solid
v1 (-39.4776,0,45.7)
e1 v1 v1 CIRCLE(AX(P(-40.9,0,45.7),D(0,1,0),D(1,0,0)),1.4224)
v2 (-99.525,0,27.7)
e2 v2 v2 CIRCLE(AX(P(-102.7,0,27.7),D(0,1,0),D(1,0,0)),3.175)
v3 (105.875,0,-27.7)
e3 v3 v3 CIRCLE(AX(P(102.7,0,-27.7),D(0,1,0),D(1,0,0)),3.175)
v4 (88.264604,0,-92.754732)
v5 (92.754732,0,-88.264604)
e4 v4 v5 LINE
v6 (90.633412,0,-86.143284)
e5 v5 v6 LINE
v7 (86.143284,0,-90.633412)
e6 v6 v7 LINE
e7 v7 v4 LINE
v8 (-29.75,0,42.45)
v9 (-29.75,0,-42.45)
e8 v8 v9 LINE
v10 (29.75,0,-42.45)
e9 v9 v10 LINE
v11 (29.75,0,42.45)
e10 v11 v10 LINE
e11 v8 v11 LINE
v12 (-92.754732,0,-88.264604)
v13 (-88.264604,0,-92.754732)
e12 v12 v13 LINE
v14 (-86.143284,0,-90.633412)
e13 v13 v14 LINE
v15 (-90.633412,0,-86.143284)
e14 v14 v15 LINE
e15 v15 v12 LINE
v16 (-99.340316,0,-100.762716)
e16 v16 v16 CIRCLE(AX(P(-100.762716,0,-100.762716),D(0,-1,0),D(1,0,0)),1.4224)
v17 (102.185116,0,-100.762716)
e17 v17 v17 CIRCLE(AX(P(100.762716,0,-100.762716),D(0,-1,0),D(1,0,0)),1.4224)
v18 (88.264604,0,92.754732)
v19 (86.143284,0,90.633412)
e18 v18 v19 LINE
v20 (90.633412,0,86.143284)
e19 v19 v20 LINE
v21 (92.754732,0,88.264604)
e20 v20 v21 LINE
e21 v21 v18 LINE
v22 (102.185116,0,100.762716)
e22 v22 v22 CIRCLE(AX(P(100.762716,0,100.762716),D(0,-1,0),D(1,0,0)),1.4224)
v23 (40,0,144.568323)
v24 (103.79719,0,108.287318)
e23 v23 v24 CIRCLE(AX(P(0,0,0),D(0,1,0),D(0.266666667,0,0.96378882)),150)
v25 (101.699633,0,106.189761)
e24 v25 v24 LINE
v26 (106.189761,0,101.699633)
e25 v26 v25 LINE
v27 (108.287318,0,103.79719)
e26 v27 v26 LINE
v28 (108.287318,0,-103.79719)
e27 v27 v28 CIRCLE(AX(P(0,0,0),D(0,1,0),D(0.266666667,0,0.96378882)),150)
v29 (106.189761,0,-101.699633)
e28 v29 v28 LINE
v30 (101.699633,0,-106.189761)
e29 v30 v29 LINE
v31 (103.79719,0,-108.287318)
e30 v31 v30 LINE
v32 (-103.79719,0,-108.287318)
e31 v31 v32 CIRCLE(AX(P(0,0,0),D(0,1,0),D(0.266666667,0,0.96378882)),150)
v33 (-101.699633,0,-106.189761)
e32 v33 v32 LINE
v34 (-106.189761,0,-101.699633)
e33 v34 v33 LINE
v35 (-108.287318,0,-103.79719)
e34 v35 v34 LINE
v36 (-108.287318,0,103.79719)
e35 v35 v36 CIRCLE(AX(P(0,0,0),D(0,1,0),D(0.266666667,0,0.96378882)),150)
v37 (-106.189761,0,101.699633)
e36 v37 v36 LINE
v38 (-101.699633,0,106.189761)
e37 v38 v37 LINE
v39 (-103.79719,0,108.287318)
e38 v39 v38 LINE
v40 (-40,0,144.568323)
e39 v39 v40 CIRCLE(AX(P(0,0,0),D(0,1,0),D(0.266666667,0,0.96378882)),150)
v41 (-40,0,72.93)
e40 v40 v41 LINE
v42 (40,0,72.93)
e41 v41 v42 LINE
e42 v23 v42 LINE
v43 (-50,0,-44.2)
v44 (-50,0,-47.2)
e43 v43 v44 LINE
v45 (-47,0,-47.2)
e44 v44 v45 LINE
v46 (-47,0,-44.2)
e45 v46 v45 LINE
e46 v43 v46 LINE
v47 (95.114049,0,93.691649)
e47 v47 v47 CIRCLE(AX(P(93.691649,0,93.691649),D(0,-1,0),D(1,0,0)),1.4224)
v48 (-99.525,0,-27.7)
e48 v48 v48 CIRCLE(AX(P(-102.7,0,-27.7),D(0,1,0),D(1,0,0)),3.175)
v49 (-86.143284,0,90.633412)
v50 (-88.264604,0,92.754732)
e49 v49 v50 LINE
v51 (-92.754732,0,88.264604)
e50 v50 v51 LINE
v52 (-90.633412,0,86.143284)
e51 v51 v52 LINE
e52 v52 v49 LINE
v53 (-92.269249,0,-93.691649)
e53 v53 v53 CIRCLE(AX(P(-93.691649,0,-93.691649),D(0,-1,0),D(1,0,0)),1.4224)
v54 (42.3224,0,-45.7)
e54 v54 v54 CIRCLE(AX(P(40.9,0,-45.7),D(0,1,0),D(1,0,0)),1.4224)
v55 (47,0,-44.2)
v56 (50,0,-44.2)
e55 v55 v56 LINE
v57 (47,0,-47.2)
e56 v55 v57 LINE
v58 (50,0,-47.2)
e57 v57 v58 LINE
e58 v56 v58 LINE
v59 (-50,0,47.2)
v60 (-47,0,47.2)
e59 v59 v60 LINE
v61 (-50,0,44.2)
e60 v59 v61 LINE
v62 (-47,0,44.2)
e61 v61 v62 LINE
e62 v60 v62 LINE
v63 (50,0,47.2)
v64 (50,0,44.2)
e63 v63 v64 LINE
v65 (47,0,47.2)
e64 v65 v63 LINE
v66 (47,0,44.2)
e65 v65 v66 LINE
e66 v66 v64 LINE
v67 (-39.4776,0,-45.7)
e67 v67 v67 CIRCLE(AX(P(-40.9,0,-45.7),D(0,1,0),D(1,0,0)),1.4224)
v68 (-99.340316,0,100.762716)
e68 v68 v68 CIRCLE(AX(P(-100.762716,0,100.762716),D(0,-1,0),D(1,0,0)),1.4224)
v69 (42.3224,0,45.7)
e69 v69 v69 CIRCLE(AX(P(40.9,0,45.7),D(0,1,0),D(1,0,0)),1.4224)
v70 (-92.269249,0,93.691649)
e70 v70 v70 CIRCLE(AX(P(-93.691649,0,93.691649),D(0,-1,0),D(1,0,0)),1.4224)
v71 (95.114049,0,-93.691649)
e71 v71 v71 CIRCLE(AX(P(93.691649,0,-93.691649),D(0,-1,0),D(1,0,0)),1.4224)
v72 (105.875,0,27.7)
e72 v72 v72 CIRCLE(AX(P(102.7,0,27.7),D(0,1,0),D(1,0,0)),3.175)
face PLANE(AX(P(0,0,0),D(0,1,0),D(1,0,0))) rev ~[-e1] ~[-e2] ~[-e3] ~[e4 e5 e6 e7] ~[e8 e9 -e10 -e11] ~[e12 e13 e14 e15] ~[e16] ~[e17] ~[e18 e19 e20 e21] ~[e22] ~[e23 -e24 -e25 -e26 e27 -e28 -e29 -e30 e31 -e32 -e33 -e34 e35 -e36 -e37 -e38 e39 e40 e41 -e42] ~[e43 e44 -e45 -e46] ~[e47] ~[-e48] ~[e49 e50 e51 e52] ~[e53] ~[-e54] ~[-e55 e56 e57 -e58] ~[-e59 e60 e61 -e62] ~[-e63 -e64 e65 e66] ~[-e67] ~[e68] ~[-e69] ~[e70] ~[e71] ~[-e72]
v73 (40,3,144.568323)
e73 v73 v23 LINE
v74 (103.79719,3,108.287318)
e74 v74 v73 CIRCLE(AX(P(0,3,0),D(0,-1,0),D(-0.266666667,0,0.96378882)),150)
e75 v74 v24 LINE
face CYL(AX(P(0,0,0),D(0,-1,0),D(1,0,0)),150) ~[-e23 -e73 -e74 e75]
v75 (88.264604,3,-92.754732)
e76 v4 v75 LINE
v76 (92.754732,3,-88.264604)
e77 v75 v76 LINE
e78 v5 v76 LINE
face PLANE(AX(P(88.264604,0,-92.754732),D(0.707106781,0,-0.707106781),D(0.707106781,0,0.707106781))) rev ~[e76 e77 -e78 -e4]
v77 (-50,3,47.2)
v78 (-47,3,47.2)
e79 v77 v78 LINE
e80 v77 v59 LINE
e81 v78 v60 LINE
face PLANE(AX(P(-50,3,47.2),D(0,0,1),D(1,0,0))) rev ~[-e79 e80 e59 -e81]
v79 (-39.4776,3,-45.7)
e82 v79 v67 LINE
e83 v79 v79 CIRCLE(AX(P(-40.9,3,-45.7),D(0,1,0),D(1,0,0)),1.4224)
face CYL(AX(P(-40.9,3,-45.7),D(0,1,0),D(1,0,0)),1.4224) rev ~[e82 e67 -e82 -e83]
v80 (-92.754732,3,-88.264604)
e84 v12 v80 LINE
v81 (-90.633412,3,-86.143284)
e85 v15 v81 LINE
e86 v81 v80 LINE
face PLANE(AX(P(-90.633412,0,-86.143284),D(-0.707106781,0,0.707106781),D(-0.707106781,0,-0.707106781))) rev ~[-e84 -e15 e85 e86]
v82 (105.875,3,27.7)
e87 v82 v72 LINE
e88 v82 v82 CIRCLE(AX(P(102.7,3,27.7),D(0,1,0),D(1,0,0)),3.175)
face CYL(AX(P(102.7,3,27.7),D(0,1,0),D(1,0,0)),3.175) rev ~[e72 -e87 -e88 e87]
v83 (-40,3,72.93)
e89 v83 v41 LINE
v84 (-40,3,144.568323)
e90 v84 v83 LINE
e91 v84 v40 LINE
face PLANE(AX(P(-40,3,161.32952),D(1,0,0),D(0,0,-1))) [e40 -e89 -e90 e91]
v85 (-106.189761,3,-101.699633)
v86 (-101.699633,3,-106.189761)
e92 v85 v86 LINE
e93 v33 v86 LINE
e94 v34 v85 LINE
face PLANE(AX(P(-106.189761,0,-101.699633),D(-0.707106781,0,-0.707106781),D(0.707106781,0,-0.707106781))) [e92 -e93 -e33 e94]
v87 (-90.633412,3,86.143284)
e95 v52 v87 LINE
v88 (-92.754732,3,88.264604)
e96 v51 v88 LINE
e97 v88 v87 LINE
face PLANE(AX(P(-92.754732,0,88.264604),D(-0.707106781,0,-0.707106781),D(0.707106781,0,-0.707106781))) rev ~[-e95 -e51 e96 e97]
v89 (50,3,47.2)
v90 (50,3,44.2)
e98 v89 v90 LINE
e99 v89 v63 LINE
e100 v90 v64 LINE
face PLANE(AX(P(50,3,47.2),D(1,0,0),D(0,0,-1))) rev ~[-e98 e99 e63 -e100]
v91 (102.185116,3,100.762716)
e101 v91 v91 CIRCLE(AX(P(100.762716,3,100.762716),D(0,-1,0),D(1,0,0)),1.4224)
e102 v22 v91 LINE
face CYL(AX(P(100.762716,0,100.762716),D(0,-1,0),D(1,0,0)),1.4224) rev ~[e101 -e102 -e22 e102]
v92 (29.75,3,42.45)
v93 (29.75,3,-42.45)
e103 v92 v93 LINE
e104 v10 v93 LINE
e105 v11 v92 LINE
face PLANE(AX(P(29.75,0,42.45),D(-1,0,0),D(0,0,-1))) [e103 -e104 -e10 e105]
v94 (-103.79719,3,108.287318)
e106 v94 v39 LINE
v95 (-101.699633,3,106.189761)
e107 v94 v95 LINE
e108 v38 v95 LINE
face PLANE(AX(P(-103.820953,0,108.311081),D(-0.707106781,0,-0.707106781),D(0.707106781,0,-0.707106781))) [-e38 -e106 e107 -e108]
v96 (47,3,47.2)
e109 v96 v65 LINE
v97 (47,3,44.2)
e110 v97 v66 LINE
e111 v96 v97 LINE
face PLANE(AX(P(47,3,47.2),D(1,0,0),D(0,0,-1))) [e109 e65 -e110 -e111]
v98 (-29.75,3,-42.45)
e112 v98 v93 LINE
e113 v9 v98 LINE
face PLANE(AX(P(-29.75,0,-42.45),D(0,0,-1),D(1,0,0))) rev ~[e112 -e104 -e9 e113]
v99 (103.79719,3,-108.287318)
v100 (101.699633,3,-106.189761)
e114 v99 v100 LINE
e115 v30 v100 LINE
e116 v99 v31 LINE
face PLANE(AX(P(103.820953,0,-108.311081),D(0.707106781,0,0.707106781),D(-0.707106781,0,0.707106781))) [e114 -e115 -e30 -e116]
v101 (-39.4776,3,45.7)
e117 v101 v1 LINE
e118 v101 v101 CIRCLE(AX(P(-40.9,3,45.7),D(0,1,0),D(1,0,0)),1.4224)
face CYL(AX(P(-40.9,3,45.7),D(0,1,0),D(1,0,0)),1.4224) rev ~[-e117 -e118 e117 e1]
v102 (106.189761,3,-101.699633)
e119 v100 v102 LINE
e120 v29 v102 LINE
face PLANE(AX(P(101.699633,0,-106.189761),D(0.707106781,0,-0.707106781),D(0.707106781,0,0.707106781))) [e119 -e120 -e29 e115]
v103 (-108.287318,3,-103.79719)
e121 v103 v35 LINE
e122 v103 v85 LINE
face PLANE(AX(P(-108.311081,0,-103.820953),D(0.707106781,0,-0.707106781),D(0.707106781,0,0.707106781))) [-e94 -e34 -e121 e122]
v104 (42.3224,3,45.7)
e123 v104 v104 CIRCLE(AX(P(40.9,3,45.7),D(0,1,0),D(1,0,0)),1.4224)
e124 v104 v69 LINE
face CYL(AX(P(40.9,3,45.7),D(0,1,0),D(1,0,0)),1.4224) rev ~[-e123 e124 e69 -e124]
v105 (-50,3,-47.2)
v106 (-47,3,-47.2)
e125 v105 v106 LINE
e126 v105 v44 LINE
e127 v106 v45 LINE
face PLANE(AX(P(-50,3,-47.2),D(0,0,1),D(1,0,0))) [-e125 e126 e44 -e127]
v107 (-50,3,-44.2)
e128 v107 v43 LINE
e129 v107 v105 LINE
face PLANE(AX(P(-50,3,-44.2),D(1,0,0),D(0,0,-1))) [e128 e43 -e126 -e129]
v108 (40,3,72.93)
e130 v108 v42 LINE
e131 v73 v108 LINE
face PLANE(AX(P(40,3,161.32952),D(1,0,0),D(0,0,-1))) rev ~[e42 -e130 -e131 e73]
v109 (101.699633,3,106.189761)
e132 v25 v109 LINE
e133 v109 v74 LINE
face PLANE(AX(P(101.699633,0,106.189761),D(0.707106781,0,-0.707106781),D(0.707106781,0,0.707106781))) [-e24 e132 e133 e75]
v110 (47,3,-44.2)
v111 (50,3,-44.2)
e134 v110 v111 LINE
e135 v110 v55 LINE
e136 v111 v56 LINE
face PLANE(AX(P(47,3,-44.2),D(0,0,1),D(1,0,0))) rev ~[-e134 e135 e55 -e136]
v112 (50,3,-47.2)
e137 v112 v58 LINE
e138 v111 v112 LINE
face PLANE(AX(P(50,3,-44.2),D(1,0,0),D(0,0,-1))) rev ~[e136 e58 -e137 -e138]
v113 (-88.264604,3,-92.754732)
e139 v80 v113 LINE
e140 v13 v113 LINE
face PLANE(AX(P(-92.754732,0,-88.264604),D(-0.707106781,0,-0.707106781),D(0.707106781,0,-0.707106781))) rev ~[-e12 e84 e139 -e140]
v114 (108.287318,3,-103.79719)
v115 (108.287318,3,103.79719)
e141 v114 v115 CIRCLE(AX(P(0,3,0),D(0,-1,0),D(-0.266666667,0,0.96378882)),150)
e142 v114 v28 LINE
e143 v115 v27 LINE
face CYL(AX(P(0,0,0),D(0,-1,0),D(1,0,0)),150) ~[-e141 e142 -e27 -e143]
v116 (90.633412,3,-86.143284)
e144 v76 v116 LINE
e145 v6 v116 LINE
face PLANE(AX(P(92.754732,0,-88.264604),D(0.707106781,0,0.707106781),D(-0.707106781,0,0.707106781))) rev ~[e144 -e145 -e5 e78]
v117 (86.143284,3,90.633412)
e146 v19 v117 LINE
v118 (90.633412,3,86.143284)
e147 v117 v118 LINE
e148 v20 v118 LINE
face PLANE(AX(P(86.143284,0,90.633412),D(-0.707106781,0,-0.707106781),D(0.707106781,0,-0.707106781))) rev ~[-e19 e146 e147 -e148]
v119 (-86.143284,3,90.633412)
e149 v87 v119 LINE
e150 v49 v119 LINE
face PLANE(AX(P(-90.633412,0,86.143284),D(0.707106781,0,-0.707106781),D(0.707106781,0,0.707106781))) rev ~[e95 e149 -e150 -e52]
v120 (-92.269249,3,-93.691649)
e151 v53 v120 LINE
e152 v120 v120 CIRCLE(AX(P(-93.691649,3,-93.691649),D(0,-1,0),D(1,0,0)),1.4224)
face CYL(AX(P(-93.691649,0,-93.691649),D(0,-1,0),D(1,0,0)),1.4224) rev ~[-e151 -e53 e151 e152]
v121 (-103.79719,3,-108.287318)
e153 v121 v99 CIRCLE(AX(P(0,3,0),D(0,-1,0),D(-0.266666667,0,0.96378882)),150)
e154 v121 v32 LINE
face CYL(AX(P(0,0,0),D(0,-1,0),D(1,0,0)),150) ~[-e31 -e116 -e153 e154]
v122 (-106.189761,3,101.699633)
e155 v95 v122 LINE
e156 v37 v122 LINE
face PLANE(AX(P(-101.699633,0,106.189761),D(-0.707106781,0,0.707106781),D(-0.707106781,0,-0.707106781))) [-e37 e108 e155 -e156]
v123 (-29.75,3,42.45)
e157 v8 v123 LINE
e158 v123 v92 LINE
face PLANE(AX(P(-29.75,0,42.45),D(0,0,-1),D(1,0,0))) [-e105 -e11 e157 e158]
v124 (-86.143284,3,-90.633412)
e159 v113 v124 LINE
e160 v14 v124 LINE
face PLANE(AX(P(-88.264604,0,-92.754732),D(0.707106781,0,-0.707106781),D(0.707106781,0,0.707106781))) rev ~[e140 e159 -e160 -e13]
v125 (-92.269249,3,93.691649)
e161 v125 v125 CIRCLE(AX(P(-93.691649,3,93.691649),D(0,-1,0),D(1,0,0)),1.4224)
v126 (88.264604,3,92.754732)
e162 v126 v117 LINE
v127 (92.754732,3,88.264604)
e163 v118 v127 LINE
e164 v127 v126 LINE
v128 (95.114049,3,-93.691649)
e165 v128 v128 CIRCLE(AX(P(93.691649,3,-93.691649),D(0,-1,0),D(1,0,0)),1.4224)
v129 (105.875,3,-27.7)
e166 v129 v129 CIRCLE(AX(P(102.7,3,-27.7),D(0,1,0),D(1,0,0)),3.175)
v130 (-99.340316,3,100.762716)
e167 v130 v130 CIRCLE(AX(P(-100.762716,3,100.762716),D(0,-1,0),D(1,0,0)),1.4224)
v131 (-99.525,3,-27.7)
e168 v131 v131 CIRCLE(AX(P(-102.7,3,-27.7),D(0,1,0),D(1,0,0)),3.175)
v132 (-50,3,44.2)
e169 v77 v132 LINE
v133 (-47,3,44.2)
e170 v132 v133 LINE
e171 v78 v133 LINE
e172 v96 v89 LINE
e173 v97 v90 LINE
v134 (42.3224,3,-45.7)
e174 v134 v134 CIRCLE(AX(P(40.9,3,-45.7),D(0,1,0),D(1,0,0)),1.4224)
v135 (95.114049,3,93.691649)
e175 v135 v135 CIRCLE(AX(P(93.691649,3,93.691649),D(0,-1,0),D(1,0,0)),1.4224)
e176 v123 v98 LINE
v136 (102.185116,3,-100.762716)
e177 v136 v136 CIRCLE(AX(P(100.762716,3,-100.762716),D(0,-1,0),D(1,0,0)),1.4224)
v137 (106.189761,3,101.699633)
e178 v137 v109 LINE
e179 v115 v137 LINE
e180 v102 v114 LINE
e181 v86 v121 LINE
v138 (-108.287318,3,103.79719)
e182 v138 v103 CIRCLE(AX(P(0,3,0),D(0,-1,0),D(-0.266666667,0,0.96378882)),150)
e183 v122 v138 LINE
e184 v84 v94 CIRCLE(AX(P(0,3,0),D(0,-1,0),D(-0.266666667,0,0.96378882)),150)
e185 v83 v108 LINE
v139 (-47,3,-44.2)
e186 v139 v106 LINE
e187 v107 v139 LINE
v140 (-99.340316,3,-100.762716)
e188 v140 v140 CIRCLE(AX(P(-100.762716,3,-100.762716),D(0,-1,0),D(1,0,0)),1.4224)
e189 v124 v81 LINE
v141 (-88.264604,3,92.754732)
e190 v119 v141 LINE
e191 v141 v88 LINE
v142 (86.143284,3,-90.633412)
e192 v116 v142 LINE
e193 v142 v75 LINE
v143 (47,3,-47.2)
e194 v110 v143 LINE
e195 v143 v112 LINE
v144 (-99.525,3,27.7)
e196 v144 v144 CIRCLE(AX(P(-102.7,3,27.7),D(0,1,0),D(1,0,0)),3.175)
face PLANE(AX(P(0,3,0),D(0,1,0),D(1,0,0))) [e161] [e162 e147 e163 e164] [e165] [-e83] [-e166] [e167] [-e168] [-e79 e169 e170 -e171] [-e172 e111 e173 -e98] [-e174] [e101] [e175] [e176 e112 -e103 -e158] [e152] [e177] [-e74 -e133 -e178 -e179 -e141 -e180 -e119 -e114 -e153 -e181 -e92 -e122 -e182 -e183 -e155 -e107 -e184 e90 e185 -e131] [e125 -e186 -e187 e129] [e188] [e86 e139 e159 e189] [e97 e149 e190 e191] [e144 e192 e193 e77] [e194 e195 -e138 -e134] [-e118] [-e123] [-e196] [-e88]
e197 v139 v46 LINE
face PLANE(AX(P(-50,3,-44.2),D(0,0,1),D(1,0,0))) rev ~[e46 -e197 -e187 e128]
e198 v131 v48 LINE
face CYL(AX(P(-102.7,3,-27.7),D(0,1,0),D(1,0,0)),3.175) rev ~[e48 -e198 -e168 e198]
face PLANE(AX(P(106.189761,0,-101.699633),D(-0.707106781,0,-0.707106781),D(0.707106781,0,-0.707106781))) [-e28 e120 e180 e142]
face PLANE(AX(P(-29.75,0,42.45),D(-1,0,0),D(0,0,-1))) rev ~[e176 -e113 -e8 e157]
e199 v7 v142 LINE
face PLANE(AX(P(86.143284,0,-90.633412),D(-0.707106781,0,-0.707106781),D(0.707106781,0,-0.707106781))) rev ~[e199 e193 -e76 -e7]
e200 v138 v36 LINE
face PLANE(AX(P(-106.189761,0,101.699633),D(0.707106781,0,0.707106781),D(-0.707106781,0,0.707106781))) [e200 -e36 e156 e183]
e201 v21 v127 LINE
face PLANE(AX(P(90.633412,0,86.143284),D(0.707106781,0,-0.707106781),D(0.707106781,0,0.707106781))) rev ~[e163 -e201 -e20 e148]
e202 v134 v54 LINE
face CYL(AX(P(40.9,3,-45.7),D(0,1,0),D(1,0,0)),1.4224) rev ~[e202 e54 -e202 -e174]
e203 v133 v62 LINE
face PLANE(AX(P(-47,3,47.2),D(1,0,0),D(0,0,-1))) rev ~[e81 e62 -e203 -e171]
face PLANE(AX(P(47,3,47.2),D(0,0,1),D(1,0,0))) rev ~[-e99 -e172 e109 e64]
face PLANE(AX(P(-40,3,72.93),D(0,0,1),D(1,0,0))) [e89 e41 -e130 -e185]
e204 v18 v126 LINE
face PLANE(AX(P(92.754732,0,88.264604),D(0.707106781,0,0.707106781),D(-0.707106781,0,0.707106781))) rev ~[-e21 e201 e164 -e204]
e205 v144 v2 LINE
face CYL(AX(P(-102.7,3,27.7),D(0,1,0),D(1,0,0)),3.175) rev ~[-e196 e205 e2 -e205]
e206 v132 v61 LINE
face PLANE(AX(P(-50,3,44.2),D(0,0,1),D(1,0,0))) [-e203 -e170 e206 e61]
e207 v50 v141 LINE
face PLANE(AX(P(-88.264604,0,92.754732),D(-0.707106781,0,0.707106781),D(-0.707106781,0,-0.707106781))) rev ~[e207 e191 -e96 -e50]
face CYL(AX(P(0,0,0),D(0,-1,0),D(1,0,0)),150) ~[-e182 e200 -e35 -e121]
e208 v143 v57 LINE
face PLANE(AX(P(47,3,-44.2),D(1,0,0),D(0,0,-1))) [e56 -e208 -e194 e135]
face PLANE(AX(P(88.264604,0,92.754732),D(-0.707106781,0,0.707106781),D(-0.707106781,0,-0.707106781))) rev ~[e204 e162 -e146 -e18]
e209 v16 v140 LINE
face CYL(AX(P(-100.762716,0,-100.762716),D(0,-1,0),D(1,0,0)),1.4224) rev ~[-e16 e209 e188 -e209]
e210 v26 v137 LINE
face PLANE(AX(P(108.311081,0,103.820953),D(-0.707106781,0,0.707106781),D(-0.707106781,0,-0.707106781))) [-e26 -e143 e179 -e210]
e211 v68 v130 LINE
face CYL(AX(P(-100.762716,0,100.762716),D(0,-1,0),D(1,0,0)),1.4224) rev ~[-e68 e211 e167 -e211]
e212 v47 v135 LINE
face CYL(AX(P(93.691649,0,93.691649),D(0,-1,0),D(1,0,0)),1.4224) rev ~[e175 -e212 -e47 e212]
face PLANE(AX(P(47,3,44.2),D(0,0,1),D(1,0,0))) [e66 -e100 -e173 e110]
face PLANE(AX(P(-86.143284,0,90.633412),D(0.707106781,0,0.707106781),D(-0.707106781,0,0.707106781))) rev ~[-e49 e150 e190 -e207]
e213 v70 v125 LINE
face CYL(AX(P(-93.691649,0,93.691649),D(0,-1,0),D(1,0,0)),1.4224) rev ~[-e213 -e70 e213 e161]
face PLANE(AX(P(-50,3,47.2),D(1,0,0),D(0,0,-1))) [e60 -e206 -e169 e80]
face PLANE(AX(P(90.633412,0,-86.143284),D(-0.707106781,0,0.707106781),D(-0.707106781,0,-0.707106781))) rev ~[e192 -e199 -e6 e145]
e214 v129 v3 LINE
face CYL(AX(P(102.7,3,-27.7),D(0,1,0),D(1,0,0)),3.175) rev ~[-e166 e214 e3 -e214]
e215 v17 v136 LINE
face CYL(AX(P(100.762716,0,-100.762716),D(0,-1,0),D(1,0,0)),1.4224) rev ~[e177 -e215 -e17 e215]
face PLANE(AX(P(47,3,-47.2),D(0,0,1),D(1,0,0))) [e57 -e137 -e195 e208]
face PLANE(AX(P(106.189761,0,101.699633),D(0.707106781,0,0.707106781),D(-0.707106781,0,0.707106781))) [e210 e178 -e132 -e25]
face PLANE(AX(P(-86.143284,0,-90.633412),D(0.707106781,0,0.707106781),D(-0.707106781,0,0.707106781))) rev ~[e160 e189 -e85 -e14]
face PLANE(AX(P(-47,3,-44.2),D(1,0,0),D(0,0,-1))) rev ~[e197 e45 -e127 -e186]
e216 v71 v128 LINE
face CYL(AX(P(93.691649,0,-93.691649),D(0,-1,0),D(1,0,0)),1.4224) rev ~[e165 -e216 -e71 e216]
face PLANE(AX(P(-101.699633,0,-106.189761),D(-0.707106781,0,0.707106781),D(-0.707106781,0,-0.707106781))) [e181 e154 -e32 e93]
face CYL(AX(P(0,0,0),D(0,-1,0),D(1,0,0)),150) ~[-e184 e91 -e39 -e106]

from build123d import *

# Parameters (mm, degrees)
SKETCH1_R           = 150
SKETCH1_W           = 59.5
SKETCH1_H           = 84.9
BOSS_EXTRUDE1_DEPTH = 3
SKETCH3_R           = 1.4224
SKETCH3_R_2         = 3.175
SKETCH3_W           = 3
SKETCH3_H           = 3
CUT_EXTRUDE1_DEPTH  = 10
SKETCH6_W           = 80
SKETCH6_H           = 88.399519522
CUT_EXTRUDE3_DEPTH  = 3
SKETCH8_R           = 1.4224
CUT_EXTRUDE5_DEPTH  = 3


with BuildPart() as part:
    # Sketch1 → Boss-Extrude1 (new body)
    with BuildSketch(Plane(origin=(0, 0, 0), x_dir=(1, 0, 0), z_dir=(0, 1, 0))):
        Circle(SKETCH1_R)
        Rectangle(SKETCH1_W, SKETCH1_H, mode=Mode.SUBTRACT)
    extrude(amount=BOSS_EXTRUDE1_DEPTH)

    # Sketch3 → Cut-Extrude1 (cut)
    with BuildSketch(Plane(origin=(0, 3, 0), x_dir=(1, 0, 0), z_dir=(0, 1, 0))):
        with Locations((-40.9, 45.7)):
            Circle(SKETCH3_R)
        with Locations((40.9, 45.7)):
            Circle(SKETCH3_R)
        with Locations((40.9, -45.7)):
            Circle(SKETCH3_R)
        with Locations((-40.9, -45.7)):
            Circle(SKETCH3_R)
        with Locations((-102.7, 27.7)):
            Circle(SKETCH3_R_2)
        with Locations((-102.7, -27.7)):
            Circle(SKETCH3_R_2)
        with Locations((102.7, 27.7)):
            Circle(SKETCH3_R_2)
        with Locations((102.7, -27.7)):
            Circle(SKETCH3_R_2)
        with Locations((-48.5, 45.7)):
            Rectangle(SKETCH3_W, SKETCH3_H)
        with Locations((48.5, 45.7)):
            Rectangle(SKETCH3_W, SKETCH3_H)
        with Locations((48.5, -45.7)):
            Rectangle(SKETCH3_W, SKETCH3_H)
        with Locations((-48.5, -45.7)):
            Rectangle(SKETCH3_W, SKETCH3_H)
    extrude(amount=-CUT_EXTRUDE1_DEPTH, mode=Mode.SUBTRACT)

    # Sketch6 → Cut-Extrude3 (cut)
    with BuildSketch(Plane(origin=(0, 3, 0), x_dir=(1, 0, 0), z_dir=(0, 1, 0))):
        with Locations((0, -117.129759761)):
            Rectangle(SKETCH6_W, SKETCH6_H)
    extrude(amount=-CUT_EXTRUDE3_DEPTH, mode=Mode.SUBTRACT)

    # Sketch8 → Cut-Extrude5 (cut)
    with BuildSketch(Plane.XZ):
        with Locations((100.762716319, 100.762716319)):
            Circle(SKETCH8_R)
        with Locations((93.691648507, 93.691648507)):
            Circle(SKETCH8_R)
        with Locations((100.762716319, -100.762716319)):
            Circle(SKETCH8_R)
        with Locations((93.691648507, -93.691648507)):
            Circle(SKETCH8_R)
        with Locations((-100.762716319, -100.762716319)):
            Circle(SKETCH8_R)
        with Locations((-93.691648507, -93.691648507)):
            Circle(SKETCH8_R)
        with Locations((-100.762716319, 100.762716319)):
            Circle(SKETCH8_R)
        with Locations((-93.691648507, 93.691648507)):
            Circle(SKETCH8_R)
        Polygon((90.633411679, 86.143283618), (92.754732022, 88.264603962), (88.264603962, 92.754732022), (86.143283618, 90.633411679), align=None)
        Polygon((103.820953148, 108.311081208), (108.311081208, 103.820953148), (106.189760865, 101.699632804), (101.699632804, 106.189760865), align=None)
        Polygon((86.143283618, -90.633411679), (88.264603962, -92.754732022), (92.754732022, -88.264603962), (90.633411679, -86.143283618), align=None)
        Polygon((108.311081208, -103.820953148), (103.820953148, -108.311081208), (101.699632804, -106.189760865), (106.189760865, -101.699632804), align=None)
        Polygon((-90.633411679, -86.143283618), (-92.754732022, -88.264603962), (-88.264603962, -92.754732022), (-86.143283618, -90.633411679), align=None)
        Polygon((-103.820953148, -108.311081208), (-108.311081208, -103.820953148), (-106.189760865, -101.699632804), (-101.699632804, -106.189760865), align=None)
        Polygon((-86.143283618, 90.633411679), (-88.264603962, 92.754732022), (-92.754732022, 88.264603962), (-90.633411679, 86.143283618), align=None)
        Polygon((-108.311081208, 103.820953148), (-103.820953148, 108.311081208), (-101.699632804, 106.189760865), (-106.189760865, 101.699632804), align=None)
    extrude(amount=-CUT_EXTRUDE5_DEPTH, mode=Mode.SUBTRACT)


solid = part.part
